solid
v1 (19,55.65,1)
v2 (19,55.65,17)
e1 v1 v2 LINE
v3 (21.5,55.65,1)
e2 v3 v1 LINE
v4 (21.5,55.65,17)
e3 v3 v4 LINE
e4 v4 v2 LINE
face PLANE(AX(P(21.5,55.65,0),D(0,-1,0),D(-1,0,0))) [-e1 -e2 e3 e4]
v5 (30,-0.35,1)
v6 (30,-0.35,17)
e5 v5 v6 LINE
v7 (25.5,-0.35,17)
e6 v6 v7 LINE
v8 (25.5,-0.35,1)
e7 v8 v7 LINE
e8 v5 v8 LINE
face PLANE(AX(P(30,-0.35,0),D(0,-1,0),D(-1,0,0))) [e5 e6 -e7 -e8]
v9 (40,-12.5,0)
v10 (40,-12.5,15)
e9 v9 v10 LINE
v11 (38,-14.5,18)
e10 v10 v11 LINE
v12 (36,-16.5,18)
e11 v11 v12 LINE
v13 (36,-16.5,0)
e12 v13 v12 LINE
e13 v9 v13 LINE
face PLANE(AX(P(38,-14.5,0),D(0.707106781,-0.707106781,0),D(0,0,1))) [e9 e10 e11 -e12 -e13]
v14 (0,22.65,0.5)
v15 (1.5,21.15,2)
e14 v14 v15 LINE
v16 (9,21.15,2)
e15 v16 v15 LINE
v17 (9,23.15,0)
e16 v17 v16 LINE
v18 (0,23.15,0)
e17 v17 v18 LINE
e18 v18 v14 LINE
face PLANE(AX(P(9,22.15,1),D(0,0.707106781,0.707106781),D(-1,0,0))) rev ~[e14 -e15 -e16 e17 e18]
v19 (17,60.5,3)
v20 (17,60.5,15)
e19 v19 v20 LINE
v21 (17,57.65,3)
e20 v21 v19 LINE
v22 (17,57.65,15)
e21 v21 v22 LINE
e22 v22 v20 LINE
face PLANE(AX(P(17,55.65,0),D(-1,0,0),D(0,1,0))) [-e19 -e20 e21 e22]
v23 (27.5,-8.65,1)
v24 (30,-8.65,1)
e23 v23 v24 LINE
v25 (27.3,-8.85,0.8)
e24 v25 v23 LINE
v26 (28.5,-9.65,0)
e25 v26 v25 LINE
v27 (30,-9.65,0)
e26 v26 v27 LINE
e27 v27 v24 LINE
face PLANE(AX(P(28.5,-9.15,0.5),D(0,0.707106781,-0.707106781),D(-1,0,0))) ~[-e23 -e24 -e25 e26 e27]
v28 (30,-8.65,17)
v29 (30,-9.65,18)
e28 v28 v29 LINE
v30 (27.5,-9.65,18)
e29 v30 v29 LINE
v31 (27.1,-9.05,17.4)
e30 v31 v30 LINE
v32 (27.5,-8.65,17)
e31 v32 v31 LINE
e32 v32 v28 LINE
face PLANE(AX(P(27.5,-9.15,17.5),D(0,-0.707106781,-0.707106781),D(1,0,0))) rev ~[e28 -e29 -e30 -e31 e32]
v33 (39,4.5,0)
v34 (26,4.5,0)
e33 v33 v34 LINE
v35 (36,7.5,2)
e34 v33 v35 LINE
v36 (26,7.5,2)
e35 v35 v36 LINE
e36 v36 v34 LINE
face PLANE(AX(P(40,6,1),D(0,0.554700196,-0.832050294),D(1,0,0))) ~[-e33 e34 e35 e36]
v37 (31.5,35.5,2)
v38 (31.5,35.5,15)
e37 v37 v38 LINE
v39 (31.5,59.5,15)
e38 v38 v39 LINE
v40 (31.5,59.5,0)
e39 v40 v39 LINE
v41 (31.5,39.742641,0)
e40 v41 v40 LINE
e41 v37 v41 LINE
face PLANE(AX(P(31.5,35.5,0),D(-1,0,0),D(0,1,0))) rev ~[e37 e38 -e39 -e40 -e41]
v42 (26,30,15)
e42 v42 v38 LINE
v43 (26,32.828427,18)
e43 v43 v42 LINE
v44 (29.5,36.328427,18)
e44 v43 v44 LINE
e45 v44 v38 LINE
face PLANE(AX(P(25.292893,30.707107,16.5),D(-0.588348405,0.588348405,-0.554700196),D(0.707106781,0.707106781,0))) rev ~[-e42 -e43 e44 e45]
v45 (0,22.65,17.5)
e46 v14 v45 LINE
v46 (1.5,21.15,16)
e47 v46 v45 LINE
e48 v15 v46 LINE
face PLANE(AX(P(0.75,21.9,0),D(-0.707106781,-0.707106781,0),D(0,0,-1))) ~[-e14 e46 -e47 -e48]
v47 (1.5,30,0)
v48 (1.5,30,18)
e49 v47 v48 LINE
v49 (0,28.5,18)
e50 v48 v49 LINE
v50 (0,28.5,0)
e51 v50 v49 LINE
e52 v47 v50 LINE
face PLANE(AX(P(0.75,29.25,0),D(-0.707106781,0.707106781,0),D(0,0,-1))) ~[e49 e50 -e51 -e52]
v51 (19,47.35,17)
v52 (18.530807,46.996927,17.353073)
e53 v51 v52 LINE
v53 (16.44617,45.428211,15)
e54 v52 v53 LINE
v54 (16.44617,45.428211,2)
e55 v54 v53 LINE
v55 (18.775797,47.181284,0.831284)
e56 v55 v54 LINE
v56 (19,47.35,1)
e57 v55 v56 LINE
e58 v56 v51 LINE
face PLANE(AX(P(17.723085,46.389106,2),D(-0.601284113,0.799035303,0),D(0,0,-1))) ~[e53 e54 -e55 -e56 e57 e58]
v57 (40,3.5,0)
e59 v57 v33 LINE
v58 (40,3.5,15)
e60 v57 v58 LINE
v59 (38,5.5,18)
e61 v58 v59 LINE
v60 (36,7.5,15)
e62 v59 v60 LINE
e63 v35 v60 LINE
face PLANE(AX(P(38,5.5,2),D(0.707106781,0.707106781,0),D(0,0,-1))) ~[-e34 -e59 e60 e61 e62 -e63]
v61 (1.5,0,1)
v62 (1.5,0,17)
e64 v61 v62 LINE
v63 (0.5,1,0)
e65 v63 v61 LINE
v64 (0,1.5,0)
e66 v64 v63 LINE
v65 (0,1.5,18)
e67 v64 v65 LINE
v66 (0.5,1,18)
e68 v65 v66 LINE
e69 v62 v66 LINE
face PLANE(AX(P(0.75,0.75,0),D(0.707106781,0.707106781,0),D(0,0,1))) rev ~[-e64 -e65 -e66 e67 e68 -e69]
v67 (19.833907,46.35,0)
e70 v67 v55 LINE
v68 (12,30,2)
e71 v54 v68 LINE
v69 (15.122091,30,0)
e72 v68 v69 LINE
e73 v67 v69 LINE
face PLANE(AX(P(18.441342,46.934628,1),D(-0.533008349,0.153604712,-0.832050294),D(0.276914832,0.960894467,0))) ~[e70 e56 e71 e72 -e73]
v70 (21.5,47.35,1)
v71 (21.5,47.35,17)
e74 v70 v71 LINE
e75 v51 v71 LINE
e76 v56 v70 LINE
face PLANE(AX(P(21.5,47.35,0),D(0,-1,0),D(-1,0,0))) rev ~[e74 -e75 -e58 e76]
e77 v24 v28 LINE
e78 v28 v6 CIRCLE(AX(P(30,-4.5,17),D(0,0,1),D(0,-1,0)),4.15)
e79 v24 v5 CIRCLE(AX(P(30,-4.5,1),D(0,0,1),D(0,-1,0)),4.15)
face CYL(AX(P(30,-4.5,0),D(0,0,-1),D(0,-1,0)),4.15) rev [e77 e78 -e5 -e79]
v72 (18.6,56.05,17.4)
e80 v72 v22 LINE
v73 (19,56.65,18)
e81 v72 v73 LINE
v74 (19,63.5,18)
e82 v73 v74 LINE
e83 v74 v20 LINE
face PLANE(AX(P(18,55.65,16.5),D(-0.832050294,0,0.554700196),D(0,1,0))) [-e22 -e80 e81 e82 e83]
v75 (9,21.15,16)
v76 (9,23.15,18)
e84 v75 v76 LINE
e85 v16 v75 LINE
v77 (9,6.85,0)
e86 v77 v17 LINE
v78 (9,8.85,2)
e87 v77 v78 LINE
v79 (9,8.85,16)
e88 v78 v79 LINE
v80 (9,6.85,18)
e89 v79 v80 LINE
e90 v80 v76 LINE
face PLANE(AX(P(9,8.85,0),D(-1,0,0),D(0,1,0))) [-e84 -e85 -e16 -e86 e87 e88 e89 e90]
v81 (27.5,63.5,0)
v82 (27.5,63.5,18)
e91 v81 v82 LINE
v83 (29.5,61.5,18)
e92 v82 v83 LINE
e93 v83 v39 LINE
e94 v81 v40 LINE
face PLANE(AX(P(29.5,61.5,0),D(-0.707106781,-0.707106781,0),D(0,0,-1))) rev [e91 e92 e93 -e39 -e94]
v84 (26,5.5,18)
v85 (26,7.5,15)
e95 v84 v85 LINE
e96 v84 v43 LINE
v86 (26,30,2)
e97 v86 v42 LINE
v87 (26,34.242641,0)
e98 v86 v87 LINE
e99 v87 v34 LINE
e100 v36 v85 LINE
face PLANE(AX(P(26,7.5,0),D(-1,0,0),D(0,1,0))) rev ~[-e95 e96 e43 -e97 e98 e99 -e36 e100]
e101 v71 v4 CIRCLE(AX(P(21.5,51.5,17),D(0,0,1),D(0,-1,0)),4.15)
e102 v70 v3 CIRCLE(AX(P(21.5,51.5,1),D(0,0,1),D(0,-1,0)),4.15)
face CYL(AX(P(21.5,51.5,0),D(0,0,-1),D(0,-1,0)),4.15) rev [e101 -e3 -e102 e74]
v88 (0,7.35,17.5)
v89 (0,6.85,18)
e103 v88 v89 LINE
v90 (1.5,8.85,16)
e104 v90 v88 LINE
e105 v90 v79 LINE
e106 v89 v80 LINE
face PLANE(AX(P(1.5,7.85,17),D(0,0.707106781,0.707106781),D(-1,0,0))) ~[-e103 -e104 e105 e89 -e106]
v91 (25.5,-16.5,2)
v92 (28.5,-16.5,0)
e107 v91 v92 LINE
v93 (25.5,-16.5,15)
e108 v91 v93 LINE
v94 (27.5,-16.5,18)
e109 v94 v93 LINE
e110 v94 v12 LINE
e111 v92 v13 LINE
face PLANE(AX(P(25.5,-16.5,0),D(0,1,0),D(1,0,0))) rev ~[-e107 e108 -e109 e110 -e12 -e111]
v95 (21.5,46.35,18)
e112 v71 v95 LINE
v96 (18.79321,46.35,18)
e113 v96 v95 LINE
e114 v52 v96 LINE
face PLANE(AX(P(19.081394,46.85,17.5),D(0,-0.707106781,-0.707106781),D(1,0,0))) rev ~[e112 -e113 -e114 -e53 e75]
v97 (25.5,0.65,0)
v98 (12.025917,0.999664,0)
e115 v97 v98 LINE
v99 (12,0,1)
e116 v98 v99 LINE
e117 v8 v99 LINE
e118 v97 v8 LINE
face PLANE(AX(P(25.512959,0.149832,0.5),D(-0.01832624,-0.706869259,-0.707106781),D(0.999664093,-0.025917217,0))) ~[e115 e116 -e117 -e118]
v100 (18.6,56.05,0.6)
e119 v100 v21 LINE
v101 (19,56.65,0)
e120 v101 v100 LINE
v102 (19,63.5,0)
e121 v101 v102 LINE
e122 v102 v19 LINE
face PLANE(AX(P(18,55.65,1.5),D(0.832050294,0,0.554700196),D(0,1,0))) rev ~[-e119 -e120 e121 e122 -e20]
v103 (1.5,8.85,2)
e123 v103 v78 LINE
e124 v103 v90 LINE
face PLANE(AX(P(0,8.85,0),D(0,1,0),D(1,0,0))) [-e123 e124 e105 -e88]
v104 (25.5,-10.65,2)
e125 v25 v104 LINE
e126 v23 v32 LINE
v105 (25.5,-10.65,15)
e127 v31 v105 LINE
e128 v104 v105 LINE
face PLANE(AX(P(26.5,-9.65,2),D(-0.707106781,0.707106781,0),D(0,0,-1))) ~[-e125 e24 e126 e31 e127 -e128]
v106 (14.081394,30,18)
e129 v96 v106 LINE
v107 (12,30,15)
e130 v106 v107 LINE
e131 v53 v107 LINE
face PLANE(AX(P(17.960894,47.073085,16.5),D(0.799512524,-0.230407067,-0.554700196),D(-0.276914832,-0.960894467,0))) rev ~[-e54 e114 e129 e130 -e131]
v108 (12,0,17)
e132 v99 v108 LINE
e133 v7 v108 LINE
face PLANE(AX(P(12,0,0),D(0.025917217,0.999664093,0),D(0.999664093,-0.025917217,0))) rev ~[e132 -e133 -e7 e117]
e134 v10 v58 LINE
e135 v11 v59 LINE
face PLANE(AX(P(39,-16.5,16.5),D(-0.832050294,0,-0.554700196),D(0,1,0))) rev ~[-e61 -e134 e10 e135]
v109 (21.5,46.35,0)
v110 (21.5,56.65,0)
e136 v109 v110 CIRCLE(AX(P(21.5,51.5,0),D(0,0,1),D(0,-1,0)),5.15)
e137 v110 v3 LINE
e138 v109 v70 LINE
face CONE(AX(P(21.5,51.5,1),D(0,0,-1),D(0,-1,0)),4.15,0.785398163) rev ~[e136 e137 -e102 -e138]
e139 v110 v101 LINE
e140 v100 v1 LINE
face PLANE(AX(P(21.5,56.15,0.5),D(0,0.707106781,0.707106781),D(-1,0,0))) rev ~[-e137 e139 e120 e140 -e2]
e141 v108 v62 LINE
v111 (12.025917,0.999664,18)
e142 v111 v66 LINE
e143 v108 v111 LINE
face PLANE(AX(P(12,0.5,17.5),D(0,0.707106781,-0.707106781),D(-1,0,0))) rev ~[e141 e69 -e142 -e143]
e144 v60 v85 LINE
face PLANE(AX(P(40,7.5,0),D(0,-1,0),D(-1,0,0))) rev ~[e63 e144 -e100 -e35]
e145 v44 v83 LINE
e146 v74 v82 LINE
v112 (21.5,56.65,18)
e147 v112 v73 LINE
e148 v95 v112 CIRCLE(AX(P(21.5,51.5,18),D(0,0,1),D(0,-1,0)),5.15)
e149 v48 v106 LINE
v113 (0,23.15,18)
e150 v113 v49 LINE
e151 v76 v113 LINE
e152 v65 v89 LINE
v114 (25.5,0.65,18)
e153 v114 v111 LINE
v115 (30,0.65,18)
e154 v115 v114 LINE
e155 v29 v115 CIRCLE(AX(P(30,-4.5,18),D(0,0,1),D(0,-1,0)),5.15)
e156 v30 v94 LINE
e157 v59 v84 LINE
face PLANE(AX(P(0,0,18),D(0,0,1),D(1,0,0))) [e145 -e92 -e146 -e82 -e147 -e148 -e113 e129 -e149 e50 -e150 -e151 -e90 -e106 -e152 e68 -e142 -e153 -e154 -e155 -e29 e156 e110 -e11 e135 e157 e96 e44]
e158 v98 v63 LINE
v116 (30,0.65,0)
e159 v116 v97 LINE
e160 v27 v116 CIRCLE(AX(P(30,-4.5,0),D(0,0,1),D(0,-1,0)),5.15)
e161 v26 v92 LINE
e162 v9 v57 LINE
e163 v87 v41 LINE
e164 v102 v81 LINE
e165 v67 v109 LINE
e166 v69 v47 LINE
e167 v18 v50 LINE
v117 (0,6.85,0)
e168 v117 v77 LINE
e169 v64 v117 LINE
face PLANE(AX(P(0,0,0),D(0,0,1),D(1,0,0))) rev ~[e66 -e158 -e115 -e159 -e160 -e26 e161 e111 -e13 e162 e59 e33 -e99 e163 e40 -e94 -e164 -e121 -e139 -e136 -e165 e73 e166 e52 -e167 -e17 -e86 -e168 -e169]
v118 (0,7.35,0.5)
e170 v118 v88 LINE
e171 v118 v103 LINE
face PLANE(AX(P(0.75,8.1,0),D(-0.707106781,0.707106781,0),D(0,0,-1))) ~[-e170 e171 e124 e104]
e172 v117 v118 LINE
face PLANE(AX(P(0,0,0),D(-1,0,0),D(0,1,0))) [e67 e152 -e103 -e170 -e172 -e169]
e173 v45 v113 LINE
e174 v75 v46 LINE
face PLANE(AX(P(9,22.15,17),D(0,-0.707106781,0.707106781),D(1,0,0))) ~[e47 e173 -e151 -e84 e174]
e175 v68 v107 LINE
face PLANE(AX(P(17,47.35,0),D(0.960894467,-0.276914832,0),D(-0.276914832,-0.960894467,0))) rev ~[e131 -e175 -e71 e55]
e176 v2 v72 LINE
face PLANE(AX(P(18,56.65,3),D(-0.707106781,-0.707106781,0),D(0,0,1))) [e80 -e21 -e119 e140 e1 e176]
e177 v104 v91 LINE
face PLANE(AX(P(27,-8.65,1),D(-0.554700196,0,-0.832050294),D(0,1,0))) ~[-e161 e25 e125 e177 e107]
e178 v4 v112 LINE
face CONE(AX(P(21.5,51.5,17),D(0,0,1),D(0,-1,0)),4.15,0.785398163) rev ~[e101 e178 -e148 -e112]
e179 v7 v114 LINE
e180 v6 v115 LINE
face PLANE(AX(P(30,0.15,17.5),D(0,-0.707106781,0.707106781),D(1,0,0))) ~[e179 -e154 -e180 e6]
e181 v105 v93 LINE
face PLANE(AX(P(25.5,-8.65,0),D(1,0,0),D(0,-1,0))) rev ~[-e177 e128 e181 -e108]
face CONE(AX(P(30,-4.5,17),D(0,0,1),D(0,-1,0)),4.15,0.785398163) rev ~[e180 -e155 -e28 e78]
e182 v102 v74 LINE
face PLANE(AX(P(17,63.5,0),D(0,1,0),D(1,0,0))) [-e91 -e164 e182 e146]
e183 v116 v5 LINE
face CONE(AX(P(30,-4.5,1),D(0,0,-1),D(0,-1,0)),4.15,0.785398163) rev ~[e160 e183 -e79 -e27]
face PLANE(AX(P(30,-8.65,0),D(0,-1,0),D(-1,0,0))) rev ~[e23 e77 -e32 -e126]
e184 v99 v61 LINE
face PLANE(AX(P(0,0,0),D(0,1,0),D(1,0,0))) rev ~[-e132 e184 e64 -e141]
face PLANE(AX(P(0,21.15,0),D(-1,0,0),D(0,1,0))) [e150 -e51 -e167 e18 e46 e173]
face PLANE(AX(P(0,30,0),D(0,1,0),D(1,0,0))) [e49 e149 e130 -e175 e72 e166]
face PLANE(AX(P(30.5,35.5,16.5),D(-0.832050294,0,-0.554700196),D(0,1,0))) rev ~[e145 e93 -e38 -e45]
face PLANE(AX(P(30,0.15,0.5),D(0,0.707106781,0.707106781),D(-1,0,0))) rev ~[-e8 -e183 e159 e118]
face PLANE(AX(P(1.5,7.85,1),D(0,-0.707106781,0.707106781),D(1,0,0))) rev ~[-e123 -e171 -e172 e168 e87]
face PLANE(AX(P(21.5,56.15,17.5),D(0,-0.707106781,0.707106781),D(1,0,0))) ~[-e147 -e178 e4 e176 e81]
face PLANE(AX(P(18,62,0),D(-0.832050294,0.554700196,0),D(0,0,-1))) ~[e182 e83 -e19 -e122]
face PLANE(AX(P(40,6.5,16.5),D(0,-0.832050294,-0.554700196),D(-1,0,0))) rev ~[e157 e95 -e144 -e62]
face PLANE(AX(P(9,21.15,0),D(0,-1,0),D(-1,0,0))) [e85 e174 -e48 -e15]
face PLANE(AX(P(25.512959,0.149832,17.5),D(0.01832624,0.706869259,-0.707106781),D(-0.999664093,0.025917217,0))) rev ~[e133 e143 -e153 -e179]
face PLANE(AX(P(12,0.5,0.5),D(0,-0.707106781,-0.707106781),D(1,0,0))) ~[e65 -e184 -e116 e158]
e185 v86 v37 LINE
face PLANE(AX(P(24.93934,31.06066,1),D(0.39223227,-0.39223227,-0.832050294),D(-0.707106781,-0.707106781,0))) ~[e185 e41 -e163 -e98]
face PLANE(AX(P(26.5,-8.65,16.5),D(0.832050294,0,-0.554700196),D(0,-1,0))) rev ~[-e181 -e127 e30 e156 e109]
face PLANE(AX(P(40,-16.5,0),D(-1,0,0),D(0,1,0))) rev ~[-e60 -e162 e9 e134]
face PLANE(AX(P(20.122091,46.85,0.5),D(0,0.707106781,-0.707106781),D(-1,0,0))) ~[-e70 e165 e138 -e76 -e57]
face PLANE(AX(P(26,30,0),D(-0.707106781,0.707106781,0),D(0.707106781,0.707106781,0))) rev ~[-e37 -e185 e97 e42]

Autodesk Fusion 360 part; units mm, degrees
sketch "Sketch1" plane through (0, 0, 0) normal (0, 0, 1) x (1, 0, 0)
  line L0 (0, 0) -> (0, 8.85)
  line L1 (0, 8.85) -> (9, 8.85)
  line L2 (9, 8.85) -> (9, 21.15)
  line L3 (9, 21.15) -> (0, 21.15)
  line L4 (0, 21.15) -> (0, 30)
  line L5 (0, 0) -> (12, 0)
  line L6 (26, 30) -> (31.5, 35.5)
  line L7 (31.5, 35.5) -> (31.5, 63.5)
  line L8 (0, 30) -> (12, 30)
  line L9 (21.5, 47.35) -> (21.5, 55.65) construction
  line L10 (17, 63.5) -> (31.5, 63.5)
  arc A0 (21.5, 47.35) -> (21.5, 55.65) centre (21.5, 51.5) ccw
  line L11 (21.5, 47.35) -> (17, 47.35)
  line L12 (17, 47.35) -> (12, 30)
  line L13 (21.5, 55.65) -> (17, 55.65)
  line L14 (17, 55.65) -> (17, 63.5)
  line L15 (30, -8.65) -> (30, -0.35) construction
  line L16 (30, -0.35) -> (25.5, -0.35)
  line L17 (30, -8.65) -> (25.5, -8.65)
  arc A1 (30, -8.65) -> (30, -0.35) centre (30, -4.5) ccw
  line L18 (12, 0) -> (25.5, -0.35)
  line L19 (25.5, -8.65) -> (25.5, -16.5)
  line L20 (25.5, -16.5) -> (40, -16.5)
  line L21 (40, -16.5) -> (40, 7.5)
  line L22 (40, 7.5) -> (26, 7.5)
  line L23 (26, 7.5) -> (26, 30)
  dimension "d3" = 9
  dimension "d4" = 12.3
  dimension "d6" = 30
  dimension "d7" = 21.5
  dimension "d8" = 51.5
  dimension "d10" = 8.3
  dimension "d13" = 17
  dimension "d14" = 10
  dimension "d15" = 12
  dimension "d20" = 12
  dimension "d22" = 12
  dimension "d25" = 4.5
  dimension "d26" = 30
  dimension "d27" = 12
  dimension "d28" = 10
  dimension "d29" = 12
  dimension "d32" = 26
  dimension "d33" = 45
extrude "Extrude1" add sketch "Sketch1" along normal blind 18
chamfer "Chamfer1" distance 2 distance2 3 13 edges at (31.5, 49.5, 18) (28.75, 32.75, 18) (28.75, 32.75, 0) (17, 63.5, 9) (14.5, 38.675, 18) (14.5, 38.675, 0) (17, 59.575, 18) (17, 59.575, 0) (33, 7.5, 18) (40, -4.5, 18) (33, 7.5, 0) (25.5, -12.575, 18) (25.5, -12.575, 0) measured on face at (20.3333, 19.55, 18) measured on face at (20.3333, 19.55, 18) measured on face at (27.8333, 31.8333, 6) measured on face at (21.8333, 63.5, 6) measured on face at (20.3333, 19.55, 18) measured on face at (15.3333, 41.5667, 6) measured on face at (20.3333, 19.55, 18) measured on face at (20.3333, 19.55, 0) measured on face at (20.3333, 19.55, 18) measured on face at (20.3333, 19.55, 18) measured on face at (35.3333, 7.5, 12) measured on face at (20.3333, 19.55, 18) measured on face at (25.5, -13.8833, 12)
chamfer "Chamfer2" distance 4 angle 45 3 edges at (31.5, 63.5, 7.5) (40, -16.5, 7.5) (40, 7.5, 8.5)
chamfer "Chamfer3" distance 2 angle 45 3 edges at (17, 55.65, 9) (17, 47.35, 8.5) (25.5, -8.65, 8.5)
chamfer "Chamfer4" distance 1.5 angle 45 4 edges at (0, 21.15, 9) (0, 8.85, 9) (0, 30, 9) (0, 0, 9)
chamfer "Chamfer5" distance 2 angle 45 4 edges at (5.25, 21.15, 18) (5.25, 8.85, 18) (5.25, 21.15, 0) (5.25, 8.85, 0)
chamfer "Chamfer7" distance 1 angle 45 12 edges at (25.65, 51.5, 0) (20.25, 55.65, 0) (20.811, 47.35, 0) (25.65, 51.5, 18) (20.2907, 47.35, 18) (20.25, 55.65, 18) (34.15, -4.5, 18) (28.75, -8.65, 18) (27.75, -0.35, 18) (34.15, -4.5, 0) (27.75, -0.35, 0) (29.25, -8.65, 0)
